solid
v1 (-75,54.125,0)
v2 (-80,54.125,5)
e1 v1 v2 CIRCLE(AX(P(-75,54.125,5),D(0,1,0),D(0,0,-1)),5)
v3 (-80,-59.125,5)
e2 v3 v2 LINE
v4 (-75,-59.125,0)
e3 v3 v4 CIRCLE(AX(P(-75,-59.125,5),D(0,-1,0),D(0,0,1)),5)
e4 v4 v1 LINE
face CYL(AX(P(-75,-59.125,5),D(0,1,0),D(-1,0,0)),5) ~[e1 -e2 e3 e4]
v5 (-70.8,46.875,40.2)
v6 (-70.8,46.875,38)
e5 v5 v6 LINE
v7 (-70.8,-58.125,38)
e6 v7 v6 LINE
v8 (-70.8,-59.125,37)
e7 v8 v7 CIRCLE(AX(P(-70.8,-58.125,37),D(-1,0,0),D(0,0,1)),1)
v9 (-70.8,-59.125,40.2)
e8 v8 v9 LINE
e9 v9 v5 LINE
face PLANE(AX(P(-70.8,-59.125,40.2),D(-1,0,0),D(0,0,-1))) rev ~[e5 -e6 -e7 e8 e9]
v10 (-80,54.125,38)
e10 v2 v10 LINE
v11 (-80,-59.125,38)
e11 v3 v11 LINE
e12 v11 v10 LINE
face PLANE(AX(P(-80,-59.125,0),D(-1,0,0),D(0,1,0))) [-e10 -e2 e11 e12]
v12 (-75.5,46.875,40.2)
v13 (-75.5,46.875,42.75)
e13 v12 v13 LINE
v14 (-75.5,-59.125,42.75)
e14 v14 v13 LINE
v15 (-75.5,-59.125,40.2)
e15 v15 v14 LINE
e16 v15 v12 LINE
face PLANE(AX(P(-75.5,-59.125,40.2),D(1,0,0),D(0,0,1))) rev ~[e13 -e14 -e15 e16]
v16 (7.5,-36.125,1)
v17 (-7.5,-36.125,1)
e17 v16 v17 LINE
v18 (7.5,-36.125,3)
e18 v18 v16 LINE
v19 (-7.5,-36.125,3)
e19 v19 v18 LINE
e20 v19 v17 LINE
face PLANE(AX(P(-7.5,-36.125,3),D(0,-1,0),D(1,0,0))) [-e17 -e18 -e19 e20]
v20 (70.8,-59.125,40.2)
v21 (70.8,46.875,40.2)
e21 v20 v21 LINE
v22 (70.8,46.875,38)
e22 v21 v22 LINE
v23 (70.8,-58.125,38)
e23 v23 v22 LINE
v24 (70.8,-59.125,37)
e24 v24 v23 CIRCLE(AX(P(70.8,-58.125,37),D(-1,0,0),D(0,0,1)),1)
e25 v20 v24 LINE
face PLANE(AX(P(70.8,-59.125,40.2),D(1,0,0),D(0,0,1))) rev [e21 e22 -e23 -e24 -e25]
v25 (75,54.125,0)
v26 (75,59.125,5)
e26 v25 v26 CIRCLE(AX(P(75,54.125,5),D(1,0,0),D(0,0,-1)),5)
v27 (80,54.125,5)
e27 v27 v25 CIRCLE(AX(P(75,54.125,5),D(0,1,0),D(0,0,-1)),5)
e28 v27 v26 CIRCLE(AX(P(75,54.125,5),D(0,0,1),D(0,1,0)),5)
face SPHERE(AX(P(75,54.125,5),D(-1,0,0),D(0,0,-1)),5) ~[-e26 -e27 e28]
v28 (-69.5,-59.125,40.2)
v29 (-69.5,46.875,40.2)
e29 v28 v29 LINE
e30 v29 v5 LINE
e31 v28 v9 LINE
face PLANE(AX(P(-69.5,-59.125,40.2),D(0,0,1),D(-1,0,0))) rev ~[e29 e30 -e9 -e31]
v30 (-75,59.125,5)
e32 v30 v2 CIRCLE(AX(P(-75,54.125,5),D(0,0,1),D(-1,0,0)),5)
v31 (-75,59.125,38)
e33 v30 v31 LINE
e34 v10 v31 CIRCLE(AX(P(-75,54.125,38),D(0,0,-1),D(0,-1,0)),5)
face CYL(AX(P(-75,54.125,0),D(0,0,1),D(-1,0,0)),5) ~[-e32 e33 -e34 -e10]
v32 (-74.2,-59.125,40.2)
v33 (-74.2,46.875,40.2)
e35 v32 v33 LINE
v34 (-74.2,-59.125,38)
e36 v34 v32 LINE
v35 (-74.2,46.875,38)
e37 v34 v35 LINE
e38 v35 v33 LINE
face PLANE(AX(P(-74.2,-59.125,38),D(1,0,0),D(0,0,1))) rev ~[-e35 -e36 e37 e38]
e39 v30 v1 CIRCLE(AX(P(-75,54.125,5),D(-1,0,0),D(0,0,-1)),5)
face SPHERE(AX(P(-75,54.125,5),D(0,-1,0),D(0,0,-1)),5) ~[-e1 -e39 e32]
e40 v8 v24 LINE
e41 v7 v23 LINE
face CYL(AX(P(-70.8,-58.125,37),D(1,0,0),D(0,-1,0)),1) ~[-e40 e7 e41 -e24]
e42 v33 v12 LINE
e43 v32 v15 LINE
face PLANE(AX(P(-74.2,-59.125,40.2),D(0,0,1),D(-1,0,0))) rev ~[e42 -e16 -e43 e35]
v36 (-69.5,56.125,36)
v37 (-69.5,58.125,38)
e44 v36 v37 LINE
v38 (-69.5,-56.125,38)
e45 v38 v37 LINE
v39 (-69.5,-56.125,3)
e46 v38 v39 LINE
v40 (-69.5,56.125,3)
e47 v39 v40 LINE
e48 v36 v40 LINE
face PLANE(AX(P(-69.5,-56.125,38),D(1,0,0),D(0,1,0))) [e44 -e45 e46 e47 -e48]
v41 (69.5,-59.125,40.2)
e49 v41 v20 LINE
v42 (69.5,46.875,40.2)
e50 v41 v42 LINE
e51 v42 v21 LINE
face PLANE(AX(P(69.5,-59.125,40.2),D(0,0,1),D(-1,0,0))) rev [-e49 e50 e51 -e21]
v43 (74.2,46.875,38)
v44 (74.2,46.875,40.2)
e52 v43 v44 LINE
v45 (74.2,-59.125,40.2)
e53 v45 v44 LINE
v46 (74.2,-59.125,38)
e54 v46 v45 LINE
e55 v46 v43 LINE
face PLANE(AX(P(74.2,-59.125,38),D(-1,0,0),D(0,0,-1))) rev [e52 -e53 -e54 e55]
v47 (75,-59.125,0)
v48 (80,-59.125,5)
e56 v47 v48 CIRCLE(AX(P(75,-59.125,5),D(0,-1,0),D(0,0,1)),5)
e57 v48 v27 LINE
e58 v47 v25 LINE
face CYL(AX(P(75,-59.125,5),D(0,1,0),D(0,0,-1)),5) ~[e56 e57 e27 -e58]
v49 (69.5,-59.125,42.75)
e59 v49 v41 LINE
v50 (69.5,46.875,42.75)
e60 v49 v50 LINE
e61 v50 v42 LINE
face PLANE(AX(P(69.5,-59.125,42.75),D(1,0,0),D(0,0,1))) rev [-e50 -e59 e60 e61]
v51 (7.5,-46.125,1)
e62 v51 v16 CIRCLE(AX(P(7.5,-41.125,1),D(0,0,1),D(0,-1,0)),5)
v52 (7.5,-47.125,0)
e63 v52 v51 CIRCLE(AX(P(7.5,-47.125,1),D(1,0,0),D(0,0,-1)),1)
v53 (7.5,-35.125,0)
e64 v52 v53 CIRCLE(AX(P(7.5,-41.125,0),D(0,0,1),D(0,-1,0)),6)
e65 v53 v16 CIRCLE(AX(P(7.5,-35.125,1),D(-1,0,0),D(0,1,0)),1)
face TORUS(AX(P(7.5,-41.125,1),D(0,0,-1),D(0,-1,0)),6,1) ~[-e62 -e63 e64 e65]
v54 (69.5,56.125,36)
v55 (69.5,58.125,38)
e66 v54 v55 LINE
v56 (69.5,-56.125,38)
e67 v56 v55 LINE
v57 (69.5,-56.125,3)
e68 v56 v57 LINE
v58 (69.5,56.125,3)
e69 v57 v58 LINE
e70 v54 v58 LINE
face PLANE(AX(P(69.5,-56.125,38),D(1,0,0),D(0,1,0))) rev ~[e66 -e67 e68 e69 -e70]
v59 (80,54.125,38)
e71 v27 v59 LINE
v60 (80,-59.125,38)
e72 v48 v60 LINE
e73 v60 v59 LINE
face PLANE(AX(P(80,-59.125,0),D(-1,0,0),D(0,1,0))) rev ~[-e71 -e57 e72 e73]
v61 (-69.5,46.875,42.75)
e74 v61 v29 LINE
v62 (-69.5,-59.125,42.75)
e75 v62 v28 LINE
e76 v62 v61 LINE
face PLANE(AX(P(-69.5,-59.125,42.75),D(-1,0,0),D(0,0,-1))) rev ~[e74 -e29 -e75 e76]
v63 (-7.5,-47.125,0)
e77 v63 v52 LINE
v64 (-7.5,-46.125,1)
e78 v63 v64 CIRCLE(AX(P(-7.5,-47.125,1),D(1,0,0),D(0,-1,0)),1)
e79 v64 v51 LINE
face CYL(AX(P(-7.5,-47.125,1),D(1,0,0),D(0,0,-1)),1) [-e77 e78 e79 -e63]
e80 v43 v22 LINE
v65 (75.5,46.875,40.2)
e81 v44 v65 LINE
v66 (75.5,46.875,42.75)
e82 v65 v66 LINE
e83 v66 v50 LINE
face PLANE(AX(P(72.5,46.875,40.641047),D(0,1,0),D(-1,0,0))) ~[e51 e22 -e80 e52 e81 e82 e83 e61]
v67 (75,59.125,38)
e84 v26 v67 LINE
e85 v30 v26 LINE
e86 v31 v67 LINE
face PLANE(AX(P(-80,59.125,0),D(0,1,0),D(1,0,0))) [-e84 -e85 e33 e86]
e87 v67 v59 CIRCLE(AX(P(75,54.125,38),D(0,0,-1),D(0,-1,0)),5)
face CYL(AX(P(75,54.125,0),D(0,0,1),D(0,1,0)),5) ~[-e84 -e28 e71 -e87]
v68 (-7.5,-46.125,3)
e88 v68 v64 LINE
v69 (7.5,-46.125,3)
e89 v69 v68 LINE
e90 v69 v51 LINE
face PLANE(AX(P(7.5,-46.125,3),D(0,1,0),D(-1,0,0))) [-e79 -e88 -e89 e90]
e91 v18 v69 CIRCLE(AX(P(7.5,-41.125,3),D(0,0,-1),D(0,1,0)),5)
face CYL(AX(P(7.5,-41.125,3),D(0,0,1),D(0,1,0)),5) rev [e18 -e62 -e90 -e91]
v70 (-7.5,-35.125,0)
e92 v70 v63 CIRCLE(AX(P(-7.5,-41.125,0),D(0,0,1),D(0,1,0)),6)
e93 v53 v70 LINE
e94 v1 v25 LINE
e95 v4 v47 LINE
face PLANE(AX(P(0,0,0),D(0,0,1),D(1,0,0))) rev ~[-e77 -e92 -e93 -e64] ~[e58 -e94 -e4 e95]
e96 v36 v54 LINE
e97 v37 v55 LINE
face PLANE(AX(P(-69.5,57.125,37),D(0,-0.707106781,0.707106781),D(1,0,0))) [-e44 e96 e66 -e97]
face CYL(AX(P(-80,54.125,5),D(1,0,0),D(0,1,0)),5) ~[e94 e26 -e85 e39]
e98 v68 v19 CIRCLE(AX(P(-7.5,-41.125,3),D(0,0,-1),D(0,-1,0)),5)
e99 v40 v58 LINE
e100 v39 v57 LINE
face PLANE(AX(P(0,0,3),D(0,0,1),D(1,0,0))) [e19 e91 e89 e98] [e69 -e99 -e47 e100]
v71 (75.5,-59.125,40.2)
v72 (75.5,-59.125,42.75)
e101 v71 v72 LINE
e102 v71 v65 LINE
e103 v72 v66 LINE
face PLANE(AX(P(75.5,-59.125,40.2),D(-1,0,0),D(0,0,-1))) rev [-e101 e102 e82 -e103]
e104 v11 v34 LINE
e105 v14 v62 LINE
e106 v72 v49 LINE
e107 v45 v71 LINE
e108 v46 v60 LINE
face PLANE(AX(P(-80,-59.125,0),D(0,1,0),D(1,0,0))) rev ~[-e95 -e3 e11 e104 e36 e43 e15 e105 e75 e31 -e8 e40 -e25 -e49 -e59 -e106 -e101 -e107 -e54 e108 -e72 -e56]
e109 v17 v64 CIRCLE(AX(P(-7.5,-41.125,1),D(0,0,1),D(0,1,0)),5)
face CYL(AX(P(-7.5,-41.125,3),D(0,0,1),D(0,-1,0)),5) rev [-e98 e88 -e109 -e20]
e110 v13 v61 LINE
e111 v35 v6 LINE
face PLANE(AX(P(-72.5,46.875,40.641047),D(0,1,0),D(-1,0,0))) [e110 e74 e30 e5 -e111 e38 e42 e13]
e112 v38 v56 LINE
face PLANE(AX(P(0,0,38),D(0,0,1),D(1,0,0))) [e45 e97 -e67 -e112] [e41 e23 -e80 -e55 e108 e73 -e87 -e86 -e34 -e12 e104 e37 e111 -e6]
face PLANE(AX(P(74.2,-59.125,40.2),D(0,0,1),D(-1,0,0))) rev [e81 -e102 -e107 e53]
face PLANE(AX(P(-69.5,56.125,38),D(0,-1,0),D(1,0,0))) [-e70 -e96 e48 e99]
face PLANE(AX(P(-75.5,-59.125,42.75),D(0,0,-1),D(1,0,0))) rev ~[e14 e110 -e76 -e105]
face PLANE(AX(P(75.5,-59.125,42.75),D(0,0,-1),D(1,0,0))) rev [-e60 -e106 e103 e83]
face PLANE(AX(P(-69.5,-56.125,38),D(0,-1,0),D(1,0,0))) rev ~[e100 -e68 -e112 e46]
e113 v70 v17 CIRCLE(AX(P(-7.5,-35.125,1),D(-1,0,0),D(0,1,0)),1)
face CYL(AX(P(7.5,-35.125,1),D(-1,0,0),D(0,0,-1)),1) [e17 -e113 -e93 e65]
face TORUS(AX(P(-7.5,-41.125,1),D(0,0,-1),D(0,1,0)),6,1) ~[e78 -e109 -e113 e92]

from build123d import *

# Parameters (mm, degrees)
SKETCH1_W       = 160
SKETCH1_H       = 118.25
MAIN_BODY_DEPTH = 38
TRACK_DEPTH     = 106
FILLET_2_R      = 5
SKETCH3_W       = 139
SKETCH3_H       = 112.25
STORAGE_DEPTH   = 35
WIRE_HOLE_DEPTH = 25
FILLET2_R       = 1
CHAMFER1_SIZE   = 2


with BuildPart() as part:
    # Sketch1 → Main Body (new body)
    with BuildSketch(Plane.XY):
        Rectangle(SKETCH1_W, SKETCH1_H)
    extrude(amount=MAIN_BODY_DEPTH)

    # Sketch2 → Track (add)
    with BuildSketch(Plane.XZ.offset(59.125)):
        Polygon((-72.5, 38), (-74.2, 38), (-74.2, 40.2), (-75.5, 40.2), (-75.5, 42.75), (-69.5, 42.75), (-69.5, 40.2), (-70.8, 40.2), (-70.8, 38), align=None)
    track = extrude(amount=-TRACK_DEPTH)

    # Mirror Track: Track across plane
    add(track.mirror(Plane(origin=(0, 0, 0), x_dir=(0, 0, 1), z_dir=(1, 0, 0))))

    # Fillet 2
    fillet_2_edges = [part.edges().sort_by_distance(p)[0] for p in [
        (-80, 0, 0),
        (0, 59.125, 0),
        (80, 0, 0),
        (-80, 59.125, 19),
        (80, 59.125, 19),
    ]]
    fillet(fillet_2_edges, radius=FILLET_2_R)

    # Sketch3 → Storage (cut)
    with BuildSketch(Plane.XY.offset(38)):
        Rectangle(SKETCH3_W, SKETCH3_H)
    extrude(amount=-STORAGE_DEPTH, mode=Mode.SUBTRACT)

    # Sketch4 → Wire Hole (cut)
    with BuildSketch(Plane.XY.offset(3)):
        with BuildLine():
            Line((-7.5, -36.125), (7.5, -36.125))
            ThreePointArc((7.5, -36.125), (12.5, -41.125), (7.5, -46.125))
            Line((7.5, -46.125), (-7.5, -46.125))
            ThreePointArc((-7.5, -46.125), (-12.5, -41.125), (-7.5, -36.125))
        make_face()
    extrude(amount=-WIRE_HOLE_DEPTH, mode=Mode.SUBTRACT)

    # Fillet2
    fillet2_edges = [part.edges().sort_by_distance(p)[0] for p in [
        (-12.5, -41.125, 0),
        (0, -36.125, 0),
        (12.5, -41.125, 0),
        (0, -46.125, 0),
        (0, -59.125, 38),
    ]]
    fillet(fillet2_edges, radius=FILLET2_R)

    # Chamfer1
    chamfer1_edges = [part.edges().sort_by_distance(p)[0] for p in [
        (0, 56.125, 38),
    ]]
    chamfer(chamfer1_edges, length=CHAMFER1_SIZE)


solid = part.part
